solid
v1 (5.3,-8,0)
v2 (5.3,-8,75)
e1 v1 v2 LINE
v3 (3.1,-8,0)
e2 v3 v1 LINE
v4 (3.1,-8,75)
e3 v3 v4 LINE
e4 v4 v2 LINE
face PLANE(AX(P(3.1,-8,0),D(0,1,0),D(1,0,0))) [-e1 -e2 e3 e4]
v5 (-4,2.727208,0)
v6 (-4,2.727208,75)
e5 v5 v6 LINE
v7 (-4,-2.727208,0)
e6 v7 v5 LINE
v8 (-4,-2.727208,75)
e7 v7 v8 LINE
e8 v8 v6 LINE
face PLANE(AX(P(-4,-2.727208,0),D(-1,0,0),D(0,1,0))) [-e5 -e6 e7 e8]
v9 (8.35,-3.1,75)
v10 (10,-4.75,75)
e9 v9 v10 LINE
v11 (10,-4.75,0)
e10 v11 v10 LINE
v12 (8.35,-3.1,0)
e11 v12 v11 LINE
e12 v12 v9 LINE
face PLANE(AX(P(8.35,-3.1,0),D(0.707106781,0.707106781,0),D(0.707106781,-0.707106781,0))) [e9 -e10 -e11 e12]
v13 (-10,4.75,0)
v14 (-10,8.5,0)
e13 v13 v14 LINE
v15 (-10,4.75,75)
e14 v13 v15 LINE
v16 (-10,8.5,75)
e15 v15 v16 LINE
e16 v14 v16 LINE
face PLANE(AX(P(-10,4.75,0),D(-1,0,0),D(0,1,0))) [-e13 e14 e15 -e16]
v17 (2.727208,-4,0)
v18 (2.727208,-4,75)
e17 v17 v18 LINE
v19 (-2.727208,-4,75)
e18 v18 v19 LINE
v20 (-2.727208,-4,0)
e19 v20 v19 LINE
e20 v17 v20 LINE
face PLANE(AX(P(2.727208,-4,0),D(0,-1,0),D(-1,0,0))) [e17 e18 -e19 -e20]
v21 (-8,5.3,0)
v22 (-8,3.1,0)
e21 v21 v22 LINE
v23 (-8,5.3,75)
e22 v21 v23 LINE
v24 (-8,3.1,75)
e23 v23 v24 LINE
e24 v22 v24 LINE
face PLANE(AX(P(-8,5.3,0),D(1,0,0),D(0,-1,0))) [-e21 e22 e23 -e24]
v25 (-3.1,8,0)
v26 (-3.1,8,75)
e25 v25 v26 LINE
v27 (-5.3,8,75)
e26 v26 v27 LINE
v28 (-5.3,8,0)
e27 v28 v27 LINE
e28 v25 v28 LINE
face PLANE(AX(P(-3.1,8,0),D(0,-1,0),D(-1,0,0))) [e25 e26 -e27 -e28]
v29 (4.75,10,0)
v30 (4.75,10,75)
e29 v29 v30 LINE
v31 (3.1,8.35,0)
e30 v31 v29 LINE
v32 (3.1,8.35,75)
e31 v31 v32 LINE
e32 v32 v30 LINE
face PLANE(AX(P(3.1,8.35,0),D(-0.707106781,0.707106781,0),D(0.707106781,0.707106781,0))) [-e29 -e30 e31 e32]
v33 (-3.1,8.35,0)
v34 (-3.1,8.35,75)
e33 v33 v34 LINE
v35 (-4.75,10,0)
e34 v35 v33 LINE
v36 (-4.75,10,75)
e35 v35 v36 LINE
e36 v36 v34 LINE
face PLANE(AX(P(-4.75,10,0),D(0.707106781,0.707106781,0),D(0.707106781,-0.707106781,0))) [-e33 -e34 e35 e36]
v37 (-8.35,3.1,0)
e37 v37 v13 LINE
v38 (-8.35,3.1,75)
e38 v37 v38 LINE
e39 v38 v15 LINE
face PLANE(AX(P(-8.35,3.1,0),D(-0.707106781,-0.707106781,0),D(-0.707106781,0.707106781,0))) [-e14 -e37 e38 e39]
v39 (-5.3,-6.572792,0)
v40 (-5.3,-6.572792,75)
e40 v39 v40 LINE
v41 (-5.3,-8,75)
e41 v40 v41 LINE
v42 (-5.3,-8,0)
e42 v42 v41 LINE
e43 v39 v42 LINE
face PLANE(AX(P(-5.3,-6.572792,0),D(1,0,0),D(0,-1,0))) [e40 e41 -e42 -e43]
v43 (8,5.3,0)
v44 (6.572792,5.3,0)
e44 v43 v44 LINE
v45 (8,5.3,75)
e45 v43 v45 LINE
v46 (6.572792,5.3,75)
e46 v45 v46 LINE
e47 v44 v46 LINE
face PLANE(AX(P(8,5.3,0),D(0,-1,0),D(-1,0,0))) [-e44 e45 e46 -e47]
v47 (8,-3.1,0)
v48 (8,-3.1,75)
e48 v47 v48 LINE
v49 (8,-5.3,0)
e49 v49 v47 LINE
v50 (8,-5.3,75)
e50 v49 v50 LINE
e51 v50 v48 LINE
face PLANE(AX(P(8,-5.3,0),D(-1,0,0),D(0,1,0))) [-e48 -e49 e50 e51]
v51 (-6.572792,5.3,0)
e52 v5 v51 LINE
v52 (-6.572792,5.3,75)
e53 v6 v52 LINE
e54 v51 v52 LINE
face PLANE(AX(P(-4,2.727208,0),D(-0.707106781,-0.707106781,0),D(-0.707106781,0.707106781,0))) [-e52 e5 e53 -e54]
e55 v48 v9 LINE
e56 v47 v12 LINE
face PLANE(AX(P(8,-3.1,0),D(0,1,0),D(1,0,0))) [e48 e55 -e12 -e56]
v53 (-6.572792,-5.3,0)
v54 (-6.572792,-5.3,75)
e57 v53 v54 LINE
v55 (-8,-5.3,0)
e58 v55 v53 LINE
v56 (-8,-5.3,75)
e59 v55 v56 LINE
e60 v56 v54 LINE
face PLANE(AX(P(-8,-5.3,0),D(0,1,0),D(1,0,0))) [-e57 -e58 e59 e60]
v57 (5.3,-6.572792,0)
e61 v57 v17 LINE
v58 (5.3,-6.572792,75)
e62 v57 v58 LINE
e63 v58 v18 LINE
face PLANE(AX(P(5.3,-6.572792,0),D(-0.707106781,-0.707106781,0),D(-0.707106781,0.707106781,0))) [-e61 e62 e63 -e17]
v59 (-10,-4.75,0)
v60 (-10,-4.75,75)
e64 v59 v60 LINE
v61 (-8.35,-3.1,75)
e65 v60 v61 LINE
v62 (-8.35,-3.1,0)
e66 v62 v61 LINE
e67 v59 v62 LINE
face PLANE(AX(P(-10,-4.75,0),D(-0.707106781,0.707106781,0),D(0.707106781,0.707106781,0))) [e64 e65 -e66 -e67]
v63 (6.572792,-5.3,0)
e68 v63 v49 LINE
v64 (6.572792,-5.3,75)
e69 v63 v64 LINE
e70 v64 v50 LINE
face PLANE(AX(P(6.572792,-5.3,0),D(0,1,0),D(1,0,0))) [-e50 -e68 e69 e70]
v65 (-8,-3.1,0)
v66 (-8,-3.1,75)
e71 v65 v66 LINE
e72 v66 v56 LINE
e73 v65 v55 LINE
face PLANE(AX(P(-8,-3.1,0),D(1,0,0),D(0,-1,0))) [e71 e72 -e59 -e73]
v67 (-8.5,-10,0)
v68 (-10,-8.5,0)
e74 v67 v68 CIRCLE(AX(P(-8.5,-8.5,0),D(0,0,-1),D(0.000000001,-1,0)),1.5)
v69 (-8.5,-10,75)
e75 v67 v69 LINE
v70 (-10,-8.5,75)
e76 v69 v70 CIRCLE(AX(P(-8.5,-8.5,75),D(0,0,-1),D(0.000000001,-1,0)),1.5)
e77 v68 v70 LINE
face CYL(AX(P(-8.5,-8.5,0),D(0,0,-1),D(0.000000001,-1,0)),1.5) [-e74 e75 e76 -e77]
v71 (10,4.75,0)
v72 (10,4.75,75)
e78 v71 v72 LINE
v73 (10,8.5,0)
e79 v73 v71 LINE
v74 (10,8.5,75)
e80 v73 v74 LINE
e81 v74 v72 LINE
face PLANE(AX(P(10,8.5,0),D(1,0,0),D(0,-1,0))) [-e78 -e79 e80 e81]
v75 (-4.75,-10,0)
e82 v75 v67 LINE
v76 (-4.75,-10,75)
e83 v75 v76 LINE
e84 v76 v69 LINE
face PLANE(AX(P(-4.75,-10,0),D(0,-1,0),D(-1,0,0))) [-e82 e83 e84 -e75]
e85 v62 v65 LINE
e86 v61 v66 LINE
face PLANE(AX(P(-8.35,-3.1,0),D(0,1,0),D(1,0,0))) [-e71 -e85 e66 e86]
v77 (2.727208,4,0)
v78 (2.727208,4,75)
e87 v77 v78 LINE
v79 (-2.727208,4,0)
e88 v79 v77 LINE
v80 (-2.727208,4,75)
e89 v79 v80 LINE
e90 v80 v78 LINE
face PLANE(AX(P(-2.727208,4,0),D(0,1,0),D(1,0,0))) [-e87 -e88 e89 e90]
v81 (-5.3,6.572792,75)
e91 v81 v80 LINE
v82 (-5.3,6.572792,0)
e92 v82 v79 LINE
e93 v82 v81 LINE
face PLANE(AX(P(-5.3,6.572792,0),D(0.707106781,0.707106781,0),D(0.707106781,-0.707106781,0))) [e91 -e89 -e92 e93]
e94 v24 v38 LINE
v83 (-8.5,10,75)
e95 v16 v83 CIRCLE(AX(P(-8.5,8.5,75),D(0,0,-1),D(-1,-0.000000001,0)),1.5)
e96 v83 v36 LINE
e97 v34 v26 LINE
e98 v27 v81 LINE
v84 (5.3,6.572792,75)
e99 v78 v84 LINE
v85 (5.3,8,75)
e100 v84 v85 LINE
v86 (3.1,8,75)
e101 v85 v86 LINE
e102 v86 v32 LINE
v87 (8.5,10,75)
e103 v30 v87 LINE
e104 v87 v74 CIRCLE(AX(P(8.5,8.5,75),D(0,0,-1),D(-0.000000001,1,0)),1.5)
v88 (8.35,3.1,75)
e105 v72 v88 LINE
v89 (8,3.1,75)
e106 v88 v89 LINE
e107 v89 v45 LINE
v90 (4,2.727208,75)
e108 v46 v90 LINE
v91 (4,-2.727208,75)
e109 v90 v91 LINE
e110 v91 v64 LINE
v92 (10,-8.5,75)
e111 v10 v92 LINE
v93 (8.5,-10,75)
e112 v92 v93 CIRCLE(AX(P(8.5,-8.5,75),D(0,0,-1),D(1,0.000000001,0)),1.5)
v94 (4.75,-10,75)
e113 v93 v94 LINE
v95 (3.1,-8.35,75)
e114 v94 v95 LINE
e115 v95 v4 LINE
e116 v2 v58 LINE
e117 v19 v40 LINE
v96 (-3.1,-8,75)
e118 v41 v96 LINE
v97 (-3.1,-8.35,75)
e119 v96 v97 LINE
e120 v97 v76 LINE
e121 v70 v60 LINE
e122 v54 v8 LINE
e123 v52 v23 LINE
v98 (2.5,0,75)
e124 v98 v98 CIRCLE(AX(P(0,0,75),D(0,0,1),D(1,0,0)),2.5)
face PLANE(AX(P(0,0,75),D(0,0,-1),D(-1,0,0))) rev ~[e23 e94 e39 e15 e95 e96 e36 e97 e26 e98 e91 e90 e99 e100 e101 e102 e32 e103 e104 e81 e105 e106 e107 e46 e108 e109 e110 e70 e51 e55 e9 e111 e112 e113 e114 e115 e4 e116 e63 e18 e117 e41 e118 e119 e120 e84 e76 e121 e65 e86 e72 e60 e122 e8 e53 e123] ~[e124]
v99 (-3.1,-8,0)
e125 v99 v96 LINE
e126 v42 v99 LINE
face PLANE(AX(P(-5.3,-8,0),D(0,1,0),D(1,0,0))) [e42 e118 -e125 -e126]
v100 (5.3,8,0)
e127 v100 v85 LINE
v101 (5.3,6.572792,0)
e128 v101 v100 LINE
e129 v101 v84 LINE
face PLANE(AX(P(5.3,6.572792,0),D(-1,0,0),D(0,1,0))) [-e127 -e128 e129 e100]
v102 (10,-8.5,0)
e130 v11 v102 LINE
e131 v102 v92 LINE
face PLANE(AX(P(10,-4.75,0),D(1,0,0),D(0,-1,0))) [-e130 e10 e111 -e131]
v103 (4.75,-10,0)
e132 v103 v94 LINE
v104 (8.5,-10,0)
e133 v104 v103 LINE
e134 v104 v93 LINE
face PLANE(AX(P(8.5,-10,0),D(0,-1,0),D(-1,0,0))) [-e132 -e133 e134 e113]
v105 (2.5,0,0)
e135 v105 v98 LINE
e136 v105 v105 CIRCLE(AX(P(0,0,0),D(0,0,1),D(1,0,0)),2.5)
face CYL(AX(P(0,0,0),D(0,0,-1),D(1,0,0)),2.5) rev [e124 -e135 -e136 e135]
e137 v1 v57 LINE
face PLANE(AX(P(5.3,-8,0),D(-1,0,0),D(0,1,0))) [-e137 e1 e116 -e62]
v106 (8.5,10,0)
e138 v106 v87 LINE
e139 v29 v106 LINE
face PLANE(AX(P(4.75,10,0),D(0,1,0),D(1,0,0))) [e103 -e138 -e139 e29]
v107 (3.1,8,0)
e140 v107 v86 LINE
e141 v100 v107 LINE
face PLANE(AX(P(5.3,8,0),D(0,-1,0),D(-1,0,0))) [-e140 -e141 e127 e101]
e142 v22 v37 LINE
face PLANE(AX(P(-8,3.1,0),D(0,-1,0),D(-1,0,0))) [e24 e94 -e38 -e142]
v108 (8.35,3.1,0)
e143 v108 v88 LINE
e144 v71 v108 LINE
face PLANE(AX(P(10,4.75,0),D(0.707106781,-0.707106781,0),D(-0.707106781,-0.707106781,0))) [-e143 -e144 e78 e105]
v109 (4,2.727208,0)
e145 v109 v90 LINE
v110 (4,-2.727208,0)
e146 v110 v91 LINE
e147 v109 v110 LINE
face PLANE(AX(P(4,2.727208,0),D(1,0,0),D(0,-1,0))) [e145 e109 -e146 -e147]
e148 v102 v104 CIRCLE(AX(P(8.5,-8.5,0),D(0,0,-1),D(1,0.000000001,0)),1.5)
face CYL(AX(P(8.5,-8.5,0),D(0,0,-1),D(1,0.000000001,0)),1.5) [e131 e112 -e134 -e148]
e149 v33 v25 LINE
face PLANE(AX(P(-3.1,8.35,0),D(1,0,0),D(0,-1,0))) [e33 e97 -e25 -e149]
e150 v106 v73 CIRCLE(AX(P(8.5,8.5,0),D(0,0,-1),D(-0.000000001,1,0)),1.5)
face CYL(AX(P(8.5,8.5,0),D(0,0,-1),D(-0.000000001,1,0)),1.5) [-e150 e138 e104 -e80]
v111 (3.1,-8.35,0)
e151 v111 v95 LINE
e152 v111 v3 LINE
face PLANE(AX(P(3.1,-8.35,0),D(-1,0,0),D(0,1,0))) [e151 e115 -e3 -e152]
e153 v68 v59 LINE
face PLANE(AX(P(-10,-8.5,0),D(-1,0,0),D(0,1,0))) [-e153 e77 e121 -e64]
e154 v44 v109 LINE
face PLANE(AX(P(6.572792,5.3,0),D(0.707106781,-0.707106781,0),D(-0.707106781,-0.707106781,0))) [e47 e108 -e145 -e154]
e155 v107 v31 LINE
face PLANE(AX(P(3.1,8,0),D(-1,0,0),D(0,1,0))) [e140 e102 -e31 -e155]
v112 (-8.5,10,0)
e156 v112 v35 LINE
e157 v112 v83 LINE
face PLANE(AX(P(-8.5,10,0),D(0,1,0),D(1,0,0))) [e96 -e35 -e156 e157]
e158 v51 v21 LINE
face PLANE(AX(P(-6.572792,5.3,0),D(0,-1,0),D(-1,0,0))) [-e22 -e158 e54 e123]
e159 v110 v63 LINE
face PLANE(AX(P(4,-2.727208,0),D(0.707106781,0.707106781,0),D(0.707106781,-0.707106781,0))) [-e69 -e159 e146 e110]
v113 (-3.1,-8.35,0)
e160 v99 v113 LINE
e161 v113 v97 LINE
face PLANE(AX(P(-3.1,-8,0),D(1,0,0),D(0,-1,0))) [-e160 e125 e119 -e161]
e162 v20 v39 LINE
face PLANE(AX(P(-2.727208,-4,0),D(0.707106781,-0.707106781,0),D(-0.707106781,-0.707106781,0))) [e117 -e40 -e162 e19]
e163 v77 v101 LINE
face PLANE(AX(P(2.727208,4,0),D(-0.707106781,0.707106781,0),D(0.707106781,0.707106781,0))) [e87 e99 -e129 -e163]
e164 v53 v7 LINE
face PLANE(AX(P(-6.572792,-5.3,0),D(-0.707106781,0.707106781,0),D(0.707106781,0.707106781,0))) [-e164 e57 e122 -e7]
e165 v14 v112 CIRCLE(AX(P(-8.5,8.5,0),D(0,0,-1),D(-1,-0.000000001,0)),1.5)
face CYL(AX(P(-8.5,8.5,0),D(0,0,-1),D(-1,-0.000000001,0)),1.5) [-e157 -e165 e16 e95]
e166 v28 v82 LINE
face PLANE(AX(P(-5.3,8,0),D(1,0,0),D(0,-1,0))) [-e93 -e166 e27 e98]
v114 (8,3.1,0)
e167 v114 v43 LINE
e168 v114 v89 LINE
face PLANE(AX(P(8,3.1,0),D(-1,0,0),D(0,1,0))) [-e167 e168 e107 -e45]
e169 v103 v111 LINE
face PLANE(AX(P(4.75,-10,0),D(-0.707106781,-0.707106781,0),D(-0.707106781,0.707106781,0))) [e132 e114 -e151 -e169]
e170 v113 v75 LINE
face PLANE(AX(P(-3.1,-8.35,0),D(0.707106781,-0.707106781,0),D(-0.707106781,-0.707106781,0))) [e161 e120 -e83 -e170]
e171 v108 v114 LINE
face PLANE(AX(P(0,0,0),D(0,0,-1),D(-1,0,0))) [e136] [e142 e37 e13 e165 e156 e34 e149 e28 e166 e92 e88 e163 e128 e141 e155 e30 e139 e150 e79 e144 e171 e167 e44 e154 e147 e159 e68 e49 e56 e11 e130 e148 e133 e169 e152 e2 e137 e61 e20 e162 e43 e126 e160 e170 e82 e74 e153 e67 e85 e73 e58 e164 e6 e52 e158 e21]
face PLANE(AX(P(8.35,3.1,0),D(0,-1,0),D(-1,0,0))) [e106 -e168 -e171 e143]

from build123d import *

# Parameters (mm, degrees)
SKETCH2_R           = 2.5
BOSS_EXTRUDE1_DEPTH = 75


with BuildPart() as part:
    # Sketch2 → Boss-Extrude1 (new body)
    with BuildSketch(Plane.XY):
        with BuildLine():
            Line((-4, -2.727207794), (-4, 2.727207794))
            Line((-4, 2.727207794), (-6.572792206, 5.3))
            Line((-6.572792206, 5.3), (-8, 5.3))
            Line((-8, 5.3), (-8, 3.1))
            Line((-8, 3.1), (-8.35, 3.1))
            Line((-8.35, 3.1), (-10, 4.75))
            Line((-10, 4.75), (-10, 8.5))
            ThreePointArc((-10, 8.5), (-9.560660172, 9.560660172), (-8.5, 10))
            Line((-8.5, 10), (-4.75, 10))
            Line((-4.75, 10), (-3.1, 8.35))
            Line((-3.1, 8.35), (-3.1, 8))
            Line((-3.1, 8), (-5.3, 8))
            Line((-5.3, 8), (-5.3, 6.572792206))
            Line((-5.3, 6.572792206), (-2.727207794, 4))
            Line((-2.727207794, 4), (2.727207794, 4))
            Line((2.727207794, 4), (5.3, 6.572792206))
            Line((5.3, 6.572792206), (5.3, 8))
            Line((5.3, 8), (3.1, 8))
            Line((3.1, 8), (3.1, 8.35))
            Line((3.1, 8.35), (4.75, 10))
            Line((4.75, 10), (8.5, 10))
            ThreePointArc((8.5, 10), (9.560660172, 9.560660172), (10, 8.5))
            Line((10, 8.5), (10, 4.75))
            Line((10, 4.75), (8.35, 3.1))
            Line((8.35, 3.1), (8, 3.1))
            Line((8, 3.1), (8, 5.3))
            Line((8, 5.3), (6.572792206, 5.3))
            Line((6.572792206, 5.3), (4, 2.727207794))
            Line((4, 2.727207794), (4, -2.727207794))
            Line((4, -2.727207794), (6.572792206, -5.3))
            Line((6.572792206, -5.3), (8, -5.3))
            Line((8, -5.3), (8, -3.1))
            Line((8, -3.1), (8.35, -3.1))
            Line((8.35, -3.1), (10, -4.75))
            Line((10, -4.75), (10, -8.5))
            ThreePointArc((10, -8.5), (9.560660172, -9.560660172), (8.5, -10))
            Line((8.5, -10), (4.75, -10))
            Line((4.75, -10), (3.1, -8.35))
            Line((3.1, -8.35), (3.1, -8))
            Line((3.1, -8), (5.3, -8))
            Line((5.3, -8), (5.3, -6.572792206))
            Line((5.3, -6.572792206), (2.727207794, -4))
            Line((2.727207794, -4), (-2.727207794, -4))
            Line((-2.727207794, -4), (-5.3, -6.572792206))
            Line((-5.3, -6.572792206), (-5.3, -8))
            Line((-5.3, -8), (-3.1, -8))
            Line((-3.1, -8), (-3.1, -8.35))
            Line((-3.1, -8.35), (-4.75, -10))
            Line((-4.75, -10), (-8.5, -10))
            ThreePointArc((-8.5, -10), (-9.560660172, -9.560660172), (-10, -8.5))
            Line((-10, -8.5), (-10, -4.75))
            Line((-10, -4.75), (-8.35, -3.1))
            Line((-8.35, -3.1), (-8, -3.1))
            Line((-8, -3.1), (-8, -5.3))
            Line((-8, -5.3), (-6.572792206, -5.3))
            Line((-6.572792206, -5.3), (-4, -2.727207794))
        make_face()
        Circle(SKETCH2_R, mode=Mode.SUBTRACT)
    extrude(amount=BOSS_EXTRUDE1_DEPTH)


solid = part.part
